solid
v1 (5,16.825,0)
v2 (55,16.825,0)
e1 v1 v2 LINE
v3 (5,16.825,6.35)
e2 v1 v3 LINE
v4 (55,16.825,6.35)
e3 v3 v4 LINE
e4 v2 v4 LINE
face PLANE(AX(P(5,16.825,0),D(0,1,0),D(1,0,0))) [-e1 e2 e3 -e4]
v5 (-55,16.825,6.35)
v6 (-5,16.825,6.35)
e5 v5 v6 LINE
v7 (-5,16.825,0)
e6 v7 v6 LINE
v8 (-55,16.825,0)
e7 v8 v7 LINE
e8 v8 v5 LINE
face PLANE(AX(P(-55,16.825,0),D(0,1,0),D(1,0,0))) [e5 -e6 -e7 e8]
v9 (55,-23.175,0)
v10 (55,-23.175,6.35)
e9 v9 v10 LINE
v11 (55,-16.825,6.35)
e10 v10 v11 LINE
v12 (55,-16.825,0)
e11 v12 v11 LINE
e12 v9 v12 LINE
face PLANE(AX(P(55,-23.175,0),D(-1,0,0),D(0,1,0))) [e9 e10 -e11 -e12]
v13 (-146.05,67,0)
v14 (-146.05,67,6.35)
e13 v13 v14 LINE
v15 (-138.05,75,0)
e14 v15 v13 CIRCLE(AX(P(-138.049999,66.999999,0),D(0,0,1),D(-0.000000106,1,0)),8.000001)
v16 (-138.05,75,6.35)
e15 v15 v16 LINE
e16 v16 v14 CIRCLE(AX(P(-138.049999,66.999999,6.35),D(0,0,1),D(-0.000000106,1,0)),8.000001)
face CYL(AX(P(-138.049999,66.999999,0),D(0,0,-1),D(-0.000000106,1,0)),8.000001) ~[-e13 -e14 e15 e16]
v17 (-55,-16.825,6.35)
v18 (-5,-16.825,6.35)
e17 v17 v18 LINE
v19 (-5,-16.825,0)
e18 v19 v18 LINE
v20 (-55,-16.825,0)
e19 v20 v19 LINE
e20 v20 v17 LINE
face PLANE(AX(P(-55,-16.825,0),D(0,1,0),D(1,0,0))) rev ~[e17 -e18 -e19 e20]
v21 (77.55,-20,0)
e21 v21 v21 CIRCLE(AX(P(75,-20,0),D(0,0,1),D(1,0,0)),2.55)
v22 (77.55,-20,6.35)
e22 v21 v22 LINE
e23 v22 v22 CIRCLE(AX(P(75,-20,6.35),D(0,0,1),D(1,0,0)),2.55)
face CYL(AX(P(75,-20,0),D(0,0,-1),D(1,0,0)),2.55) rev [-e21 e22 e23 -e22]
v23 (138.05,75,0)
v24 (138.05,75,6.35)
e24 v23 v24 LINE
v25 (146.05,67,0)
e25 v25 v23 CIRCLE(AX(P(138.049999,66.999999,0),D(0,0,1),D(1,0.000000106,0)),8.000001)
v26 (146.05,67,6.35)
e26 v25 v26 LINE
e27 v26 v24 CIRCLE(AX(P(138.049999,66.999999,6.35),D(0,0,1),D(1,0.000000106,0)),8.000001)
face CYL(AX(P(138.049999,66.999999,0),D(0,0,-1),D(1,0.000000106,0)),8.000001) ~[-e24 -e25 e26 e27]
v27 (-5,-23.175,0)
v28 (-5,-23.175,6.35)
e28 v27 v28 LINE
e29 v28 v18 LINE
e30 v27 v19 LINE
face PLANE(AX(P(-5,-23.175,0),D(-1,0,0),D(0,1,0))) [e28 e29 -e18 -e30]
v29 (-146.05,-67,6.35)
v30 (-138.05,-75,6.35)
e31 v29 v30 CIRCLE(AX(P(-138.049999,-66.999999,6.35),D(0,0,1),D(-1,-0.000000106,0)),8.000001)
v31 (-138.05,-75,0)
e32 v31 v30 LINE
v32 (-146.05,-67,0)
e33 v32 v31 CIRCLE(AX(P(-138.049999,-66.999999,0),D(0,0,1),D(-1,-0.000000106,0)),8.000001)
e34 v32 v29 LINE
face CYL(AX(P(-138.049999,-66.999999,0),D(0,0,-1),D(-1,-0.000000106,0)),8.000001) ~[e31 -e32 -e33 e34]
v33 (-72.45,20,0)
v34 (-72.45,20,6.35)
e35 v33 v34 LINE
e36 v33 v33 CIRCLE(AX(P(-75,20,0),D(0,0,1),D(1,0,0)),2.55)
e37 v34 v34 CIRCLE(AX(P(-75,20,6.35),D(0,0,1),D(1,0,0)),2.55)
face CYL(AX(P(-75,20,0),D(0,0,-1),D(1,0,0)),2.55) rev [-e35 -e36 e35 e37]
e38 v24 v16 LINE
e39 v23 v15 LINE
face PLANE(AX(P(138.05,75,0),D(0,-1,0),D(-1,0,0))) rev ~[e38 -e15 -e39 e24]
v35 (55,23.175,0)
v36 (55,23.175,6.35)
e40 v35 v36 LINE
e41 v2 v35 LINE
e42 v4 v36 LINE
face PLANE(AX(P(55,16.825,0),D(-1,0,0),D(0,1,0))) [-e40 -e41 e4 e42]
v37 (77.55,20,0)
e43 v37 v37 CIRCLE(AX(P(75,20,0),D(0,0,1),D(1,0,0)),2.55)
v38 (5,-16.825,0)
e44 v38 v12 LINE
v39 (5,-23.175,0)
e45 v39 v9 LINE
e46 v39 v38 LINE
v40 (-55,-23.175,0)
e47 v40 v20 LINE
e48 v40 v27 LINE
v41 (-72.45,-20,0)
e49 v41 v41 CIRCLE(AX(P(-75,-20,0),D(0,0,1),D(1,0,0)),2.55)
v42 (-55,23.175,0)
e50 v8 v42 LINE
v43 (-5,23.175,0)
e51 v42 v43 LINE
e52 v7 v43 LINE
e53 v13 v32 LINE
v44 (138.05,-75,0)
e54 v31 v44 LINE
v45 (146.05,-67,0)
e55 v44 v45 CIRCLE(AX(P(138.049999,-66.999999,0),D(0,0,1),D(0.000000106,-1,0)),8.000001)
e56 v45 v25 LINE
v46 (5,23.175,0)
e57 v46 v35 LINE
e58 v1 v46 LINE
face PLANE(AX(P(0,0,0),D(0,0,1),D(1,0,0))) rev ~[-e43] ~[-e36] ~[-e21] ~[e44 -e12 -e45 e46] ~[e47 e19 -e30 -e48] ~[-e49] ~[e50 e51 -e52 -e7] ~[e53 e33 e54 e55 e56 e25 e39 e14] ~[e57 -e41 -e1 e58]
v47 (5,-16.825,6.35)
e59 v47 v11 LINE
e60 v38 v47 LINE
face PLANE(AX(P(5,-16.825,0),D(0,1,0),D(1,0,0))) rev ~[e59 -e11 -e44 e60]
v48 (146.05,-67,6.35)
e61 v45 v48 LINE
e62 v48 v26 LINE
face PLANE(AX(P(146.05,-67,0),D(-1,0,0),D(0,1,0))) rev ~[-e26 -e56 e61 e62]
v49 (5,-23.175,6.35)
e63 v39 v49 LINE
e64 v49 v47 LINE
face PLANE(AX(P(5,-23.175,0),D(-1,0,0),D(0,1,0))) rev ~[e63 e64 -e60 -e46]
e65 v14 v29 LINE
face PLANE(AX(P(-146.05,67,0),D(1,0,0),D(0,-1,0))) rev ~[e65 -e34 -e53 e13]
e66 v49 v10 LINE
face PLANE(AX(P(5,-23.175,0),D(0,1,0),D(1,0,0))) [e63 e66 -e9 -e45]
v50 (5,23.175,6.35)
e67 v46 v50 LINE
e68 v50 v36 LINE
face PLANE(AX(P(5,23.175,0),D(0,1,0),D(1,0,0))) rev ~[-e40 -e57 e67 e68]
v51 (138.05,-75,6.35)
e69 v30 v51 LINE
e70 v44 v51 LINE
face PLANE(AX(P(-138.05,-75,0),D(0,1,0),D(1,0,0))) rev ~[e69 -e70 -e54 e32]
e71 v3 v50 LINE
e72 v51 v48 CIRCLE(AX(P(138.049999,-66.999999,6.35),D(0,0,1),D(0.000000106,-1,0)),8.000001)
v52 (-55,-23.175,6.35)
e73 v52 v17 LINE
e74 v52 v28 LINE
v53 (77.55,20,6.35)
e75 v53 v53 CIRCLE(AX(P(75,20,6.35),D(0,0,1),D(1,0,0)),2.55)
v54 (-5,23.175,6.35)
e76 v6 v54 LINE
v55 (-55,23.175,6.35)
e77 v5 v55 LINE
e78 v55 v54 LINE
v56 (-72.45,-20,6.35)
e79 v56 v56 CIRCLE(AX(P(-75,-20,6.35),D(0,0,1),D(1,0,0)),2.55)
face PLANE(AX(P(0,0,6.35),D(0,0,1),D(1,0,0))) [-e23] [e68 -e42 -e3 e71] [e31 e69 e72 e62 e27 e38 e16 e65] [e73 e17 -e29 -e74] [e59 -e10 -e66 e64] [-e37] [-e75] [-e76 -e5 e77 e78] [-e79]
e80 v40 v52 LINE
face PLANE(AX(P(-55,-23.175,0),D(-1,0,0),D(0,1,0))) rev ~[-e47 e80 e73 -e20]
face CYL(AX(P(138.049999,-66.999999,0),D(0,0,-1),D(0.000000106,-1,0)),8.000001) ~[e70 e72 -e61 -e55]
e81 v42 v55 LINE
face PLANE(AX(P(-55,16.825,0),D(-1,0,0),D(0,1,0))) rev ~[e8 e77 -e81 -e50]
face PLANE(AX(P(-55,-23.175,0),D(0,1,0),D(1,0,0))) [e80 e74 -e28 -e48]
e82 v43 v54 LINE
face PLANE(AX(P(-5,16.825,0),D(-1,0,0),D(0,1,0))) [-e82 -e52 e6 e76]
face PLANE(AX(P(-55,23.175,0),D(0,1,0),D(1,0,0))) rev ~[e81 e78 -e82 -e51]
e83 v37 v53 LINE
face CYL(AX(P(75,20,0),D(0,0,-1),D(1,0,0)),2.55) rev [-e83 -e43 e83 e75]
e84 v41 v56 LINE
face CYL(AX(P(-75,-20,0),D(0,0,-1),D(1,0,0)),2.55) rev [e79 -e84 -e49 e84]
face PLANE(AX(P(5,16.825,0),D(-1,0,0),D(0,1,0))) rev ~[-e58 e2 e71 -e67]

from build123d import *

# Parameters (mm, degrees)
F0_R     = 2.55
F0_W     = 50
F0_H     = 6.35
F1_DEPTH = 6.35


with BuildPart() as f1:
    # F0 (on Top) → F1 (new body)
    with BuildSketch(Plane.XY):
        with BuildLine():
            ThreePointArc((146.05, 67), (143.706854, 72.656854), (138.05, 75))
            Line((138.05, 75), (-138.05, 75))
            ThreePointArc((-138.05, 75), (-143.706854, 72.656854), (-146.05, 67))
            Line((-146.05, 67), (-146.05, -67))
            ThreePointArc((-146.05, -67), (-143.706854, -72.656854), (-138.05, -75))
            Line((-138.05, -75), (138.05, -75))
            ThreePointArc((138.05, -75), (143.706854, -72.656854), (146.05, -67))
            Line((146.05, -67), (146.05, 67))
        make_face()
        with Locations((-75, -20)):
            Circle(F0_R, mode=Mode.SUBTRACT)
        with Locations((-30, -20)):
            Rectangle(F0_W, F0_H, mode=Mode.SUBTRACT)
        with Locations((30, -20)):
            Rectangle(F0_W, F0_H, mode=Mode.SUBTRACT)
        with Locations((75, -20)):
            Circle(F0_R, mode=Mode.SUBTRACT)
        with Locations((-75, 20)):
            Circle(F0_R, mode=Mode.SUBTRACT)
        with Locations((-30, 20)):
            Rectangle(F0_W, F0_H, mode=Mode.SUBTRACT)
        with Locations((30, 20)):
            Rectangle(F0_W, F0_H, mode=Mode.SUBTRACT)
        with Locations((75, 20)):
            Circle(F0_R, mode=Mode.SUBTRACT)
    extrude(amount=F1_DEPTH)


solid = f1.part
